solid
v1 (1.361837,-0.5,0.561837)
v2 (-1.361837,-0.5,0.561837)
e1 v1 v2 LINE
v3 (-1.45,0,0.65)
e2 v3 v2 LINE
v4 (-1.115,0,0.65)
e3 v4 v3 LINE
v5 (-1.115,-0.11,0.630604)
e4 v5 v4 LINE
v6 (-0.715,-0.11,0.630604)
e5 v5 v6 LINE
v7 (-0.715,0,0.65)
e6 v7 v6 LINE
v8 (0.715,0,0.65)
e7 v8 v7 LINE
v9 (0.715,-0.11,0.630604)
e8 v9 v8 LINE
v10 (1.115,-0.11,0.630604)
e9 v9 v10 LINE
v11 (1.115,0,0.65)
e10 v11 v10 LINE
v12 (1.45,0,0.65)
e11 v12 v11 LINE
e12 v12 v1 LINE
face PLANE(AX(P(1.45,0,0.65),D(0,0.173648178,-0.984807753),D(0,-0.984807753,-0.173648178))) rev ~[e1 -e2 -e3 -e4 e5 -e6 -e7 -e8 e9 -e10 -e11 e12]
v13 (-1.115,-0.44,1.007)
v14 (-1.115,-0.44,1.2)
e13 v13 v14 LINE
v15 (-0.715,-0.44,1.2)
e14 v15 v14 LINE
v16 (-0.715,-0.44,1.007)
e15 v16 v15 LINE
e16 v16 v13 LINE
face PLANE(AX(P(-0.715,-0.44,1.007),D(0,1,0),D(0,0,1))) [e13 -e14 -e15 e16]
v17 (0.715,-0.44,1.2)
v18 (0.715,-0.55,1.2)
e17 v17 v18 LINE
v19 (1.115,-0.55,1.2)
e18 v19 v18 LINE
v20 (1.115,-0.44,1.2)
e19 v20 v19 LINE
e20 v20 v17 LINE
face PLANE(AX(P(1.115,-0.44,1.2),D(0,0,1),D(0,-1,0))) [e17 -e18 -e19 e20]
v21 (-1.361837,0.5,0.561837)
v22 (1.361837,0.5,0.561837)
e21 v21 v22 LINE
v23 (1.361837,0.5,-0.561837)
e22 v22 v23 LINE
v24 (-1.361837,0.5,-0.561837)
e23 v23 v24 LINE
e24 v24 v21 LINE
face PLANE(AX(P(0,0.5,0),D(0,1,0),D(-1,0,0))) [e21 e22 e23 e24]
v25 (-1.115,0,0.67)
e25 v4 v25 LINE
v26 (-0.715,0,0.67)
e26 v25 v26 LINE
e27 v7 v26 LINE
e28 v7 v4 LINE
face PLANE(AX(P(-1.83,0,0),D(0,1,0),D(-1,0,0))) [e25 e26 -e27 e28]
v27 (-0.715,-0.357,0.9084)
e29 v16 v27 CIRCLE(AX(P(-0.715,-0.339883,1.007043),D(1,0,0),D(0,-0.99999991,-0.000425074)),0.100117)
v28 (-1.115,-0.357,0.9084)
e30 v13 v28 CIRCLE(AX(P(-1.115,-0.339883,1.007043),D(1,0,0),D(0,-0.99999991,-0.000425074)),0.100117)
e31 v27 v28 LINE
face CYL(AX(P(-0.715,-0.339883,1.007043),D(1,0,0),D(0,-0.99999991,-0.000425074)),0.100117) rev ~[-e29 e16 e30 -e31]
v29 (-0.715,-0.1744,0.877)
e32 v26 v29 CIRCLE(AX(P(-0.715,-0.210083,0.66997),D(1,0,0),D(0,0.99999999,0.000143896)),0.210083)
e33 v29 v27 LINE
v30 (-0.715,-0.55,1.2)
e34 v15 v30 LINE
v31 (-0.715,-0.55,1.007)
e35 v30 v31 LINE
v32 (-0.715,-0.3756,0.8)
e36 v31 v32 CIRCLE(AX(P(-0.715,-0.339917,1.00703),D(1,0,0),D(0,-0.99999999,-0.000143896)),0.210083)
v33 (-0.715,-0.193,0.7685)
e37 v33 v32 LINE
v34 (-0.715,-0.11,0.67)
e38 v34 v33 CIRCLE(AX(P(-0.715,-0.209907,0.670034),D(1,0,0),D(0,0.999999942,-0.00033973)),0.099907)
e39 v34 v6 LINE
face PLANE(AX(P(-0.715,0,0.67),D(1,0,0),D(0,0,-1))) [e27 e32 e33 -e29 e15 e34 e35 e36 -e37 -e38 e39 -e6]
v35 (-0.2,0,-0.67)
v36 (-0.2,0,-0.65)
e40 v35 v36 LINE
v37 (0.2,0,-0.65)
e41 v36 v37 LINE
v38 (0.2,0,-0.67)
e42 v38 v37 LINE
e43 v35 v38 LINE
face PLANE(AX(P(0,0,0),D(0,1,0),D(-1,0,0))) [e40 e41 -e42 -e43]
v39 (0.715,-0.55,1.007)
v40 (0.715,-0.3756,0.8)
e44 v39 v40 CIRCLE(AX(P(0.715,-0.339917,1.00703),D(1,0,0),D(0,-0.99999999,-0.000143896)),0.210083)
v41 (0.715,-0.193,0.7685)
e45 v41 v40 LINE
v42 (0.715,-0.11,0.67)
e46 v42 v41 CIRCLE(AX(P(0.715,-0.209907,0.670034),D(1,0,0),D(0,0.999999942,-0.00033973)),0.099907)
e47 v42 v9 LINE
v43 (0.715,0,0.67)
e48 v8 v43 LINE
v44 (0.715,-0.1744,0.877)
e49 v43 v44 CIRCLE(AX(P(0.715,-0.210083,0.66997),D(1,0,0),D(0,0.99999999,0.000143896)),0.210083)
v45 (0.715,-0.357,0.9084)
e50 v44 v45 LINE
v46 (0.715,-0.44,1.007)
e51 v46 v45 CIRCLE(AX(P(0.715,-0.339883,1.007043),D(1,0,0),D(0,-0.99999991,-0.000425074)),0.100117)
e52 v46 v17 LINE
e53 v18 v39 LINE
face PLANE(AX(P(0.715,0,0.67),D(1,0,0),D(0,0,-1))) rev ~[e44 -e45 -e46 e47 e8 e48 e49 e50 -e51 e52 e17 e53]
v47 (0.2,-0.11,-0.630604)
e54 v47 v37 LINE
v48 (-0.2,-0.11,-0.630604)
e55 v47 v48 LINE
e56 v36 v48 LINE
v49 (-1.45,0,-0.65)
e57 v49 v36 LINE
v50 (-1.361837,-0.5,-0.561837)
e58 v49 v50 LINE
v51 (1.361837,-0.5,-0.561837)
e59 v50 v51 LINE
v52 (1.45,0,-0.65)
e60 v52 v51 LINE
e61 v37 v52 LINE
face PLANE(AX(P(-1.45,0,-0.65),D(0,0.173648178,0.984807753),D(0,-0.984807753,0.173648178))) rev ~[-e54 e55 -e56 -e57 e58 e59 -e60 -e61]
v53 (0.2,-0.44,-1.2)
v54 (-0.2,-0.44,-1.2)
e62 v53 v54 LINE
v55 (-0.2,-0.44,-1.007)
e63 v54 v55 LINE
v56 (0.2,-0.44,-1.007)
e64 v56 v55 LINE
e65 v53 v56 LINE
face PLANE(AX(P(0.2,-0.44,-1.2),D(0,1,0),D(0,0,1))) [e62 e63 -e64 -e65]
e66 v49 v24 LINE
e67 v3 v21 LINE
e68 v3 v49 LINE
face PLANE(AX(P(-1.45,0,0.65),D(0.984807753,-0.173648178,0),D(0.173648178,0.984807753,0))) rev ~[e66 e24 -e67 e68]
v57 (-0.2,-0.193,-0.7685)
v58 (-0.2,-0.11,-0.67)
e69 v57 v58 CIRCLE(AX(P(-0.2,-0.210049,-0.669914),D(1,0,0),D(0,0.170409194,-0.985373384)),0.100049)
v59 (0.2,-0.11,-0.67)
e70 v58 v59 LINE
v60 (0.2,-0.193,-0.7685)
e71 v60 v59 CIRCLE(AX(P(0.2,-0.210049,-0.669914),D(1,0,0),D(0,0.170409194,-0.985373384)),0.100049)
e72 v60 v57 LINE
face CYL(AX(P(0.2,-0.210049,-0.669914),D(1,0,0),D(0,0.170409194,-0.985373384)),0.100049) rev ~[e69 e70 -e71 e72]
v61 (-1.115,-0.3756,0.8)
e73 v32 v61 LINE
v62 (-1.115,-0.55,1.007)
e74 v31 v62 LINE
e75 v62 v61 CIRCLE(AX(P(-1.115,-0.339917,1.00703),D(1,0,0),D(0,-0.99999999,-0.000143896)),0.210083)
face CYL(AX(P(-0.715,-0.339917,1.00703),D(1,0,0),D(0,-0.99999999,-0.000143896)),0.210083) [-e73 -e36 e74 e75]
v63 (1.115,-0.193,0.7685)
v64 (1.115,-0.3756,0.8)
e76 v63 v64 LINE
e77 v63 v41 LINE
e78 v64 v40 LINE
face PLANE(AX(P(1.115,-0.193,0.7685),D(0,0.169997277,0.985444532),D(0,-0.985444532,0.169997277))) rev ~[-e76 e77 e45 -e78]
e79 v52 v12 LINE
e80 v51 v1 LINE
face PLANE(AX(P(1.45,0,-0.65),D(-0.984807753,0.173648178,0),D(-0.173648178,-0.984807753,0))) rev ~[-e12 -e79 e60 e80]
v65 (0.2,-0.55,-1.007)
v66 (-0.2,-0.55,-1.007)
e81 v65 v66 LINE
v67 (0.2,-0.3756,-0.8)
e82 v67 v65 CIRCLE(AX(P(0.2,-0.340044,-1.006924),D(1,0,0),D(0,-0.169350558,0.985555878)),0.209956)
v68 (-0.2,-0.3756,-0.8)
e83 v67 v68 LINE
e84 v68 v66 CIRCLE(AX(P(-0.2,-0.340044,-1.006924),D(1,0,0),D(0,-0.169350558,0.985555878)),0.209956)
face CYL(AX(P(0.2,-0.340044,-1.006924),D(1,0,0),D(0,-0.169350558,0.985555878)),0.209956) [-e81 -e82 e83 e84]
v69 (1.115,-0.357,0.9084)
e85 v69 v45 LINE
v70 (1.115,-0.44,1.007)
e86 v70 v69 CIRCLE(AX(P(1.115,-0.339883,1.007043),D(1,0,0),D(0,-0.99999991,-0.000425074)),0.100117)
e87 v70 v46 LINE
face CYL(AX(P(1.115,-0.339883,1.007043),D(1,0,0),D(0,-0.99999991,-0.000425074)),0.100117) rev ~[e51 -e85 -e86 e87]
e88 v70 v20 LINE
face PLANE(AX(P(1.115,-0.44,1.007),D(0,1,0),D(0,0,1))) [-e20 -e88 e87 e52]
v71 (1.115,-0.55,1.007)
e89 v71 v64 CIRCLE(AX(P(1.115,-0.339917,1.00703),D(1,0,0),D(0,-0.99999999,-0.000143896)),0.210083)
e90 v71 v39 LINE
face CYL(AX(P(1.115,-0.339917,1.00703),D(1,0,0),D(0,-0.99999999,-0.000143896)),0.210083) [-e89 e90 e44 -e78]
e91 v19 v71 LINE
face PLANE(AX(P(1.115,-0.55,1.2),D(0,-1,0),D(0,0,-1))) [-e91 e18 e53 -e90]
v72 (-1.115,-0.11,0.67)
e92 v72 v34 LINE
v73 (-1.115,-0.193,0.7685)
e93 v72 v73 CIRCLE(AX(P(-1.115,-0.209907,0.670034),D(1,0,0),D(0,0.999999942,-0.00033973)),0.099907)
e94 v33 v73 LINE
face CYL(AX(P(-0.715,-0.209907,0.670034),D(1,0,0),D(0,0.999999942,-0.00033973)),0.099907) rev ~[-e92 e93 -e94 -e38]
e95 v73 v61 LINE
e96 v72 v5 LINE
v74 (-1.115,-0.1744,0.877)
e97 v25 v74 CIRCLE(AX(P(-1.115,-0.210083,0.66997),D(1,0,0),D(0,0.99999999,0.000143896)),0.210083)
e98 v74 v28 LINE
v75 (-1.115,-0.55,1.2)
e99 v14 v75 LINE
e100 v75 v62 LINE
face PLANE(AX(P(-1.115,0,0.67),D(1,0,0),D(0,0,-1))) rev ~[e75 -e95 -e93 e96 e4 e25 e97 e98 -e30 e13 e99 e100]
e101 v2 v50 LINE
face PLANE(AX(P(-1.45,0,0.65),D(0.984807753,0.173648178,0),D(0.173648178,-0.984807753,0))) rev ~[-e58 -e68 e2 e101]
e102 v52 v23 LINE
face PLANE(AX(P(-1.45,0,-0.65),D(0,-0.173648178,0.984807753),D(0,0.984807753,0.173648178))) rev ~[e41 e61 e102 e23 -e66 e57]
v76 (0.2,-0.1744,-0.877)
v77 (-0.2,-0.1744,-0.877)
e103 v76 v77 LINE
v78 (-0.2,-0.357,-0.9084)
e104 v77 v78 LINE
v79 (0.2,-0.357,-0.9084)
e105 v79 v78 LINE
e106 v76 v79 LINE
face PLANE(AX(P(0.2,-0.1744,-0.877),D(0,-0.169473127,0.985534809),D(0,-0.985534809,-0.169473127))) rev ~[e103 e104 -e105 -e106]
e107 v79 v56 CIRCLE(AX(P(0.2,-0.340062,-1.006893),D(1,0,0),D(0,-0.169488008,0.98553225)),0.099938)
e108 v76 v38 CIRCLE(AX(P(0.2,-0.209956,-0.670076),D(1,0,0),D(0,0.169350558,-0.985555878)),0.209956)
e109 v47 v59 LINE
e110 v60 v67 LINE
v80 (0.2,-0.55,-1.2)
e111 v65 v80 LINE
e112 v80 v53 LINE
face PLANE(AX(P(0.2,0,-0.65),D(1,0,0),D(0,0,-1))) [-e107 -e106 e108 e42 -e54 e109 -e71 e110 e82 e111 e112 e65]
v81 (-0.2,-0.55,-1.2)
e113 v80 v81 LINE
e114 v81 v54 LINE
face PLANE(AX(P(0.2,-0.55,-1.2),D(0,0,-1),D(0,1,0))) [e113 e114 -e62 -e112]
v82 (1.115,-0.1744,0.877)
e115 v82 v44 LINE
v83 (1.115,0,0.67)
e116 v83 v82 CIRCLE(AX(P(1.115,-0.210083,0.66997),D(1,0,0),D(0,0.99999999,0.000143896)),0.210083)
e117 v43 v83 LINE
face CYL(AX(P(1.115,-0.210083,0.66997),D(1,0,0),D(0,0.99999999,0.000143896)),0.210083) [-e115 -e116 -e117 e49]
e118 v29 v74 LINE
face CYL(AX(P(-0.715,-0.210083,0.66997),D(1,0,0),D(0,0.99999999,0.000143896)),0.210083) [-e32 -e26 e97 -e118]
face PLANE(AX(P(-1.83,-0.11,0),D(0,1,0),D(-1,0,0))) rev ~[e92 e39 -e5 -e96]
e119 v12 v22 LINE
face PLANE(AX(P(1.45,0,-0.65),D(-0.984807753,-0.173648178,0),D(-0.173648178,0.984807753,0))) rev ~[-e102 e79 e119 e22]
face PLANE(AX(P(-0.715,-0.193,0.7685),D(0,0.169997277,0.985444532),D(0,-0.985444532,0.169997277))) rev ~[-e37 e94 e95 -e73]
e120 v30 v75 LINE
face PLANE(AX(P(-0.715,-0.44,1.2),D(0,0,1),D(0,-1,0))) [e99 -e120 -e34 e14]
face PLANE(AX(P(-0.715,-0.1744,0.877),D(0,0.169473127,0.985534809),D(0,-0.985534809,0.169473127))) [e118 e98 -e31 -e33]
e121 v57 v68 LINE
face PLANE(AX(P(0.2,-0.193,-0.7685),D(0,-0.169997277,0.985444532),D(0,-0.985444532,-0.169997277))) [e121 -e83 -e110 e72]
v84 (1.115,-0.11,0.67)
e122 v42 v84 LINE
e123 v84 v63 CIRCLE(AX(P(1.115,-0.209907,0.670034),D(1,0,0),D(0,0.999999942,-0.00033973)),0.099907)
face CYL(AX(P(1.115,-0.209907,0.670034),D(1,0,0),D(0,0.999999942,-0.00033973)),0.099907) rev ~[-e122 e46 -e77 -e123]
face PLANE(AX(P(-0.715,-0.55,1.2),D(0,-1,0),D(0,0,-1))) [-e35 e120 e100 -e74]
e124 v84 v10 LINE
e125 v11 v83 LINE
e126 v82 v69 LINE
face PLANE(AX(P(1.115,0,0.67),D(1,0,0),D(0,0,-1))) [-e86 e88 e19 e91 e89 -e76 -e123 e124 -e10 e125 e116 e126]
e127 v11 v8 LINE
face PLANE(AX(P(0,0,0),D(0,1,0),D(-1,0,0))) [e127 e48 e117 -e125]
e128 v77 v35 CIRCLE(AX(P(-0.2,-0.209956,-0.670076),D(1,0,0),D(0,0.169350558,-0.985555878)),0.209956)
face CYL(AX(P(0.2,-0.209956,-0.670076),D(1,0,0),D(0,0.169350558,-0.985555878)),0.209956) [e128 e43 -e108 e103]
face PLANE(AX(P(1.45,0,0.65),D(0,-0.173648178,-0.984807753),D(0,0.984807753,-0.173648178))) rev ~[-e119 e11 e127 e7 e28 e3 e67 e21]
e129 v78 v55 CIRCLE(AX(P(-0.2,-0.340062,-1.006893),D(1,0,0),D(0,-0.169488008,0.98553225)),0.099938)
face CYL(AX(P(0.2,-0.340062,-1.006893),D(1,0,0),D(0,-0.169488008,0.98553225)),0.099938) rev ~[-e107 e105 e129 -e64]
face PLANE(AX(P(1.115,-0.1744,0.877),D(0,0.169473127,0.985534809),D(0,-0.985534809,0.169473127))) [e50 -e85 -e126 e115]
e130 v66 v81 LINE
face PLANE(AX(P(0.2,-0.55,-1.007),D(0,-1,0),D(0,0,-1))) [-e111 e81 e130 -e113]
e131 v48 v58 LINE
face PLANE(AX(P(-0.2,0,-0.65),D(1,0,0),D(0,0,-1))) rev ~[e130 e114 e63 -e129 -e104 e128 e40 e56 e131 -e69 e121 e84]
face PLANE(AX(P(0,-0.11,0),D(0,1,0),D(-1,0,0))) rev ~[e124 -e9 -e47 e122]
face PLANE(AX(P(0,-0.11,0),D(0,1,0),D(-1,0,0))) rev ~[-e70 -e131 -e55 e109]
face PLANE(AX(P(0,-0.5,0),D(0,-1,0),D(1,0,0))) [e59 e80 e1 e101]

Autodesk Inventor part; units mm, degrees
ref_plane "YZ Plane" through (0, 0, 0) normal (1, 0, 0) x (0, 1, 0)
ref_plane "XZ Plane" through (0, 0, 0) normal (0, 1, 0) x (-1, 0, 0)
ref_plane "XY Plane" through (0, 0, 0) normal (0, 0, 1) x (1, 0, 0)
sketch "Sketch1" plane through (0, 0, 0) normal (0, 1, 0) x (-1, 0, 0)
  line L0 (-1.45, 0.65) -> (1.45, 0.65)
  line L1 (1.45, 0.65) -> (1.45, -0.65)
  line L2 (1.45, -0.65) -> (-1.45, -0.65)
  line L3 (-1.45, -0.65) -> (-1.45, 0.65)
  line L4 (-1.45, 0.65) -> (1.45, -0.65) construction
  line L5 (1.45, 0.65) -> (-1.45, -0.65) construction
  point P0 (0, 0)
  dimension "d0" = 2.9
  dimension "d1" = 1.3
extrude "Extrusion1" add sketch "Sketch1" along normal blind 0.5 draft -10
sketch "Sketch2" plane through (0, 0, 0) normal (0, -1, 0) x (1, 0, 0)
  line L0 (1.45, 0.65) -> (-1.45, 0.65) projected
  line L1 (-1.45, 0.65) -> (-1.45, -0.65) projected
  line L2 (-1.45, -0.65) -> (1.45, -0.65) projected
  line L3 (1.45, -0.65) -> (1.45, 0.65) projected
  point P0 (0, 0)
extrude "Extrusion2" add sketch "Sketch2" along normal blind 0.5 draft -10
sketch "Sketch3" plane through (0, 0, 0) normal (0, 1, 0) x (-1, 0, 0)
  line L0 (-1.45, 0.65) -> (1.45, 0.65) projected
  line L1 (1.45, 0.65) -> (1.45, -0.65) projected
  line L2 (1.45, -0.65) -> (-1.45, -0.65) projected
  line L3 (-1.45, -0.65) -> (-1.45, 0.65) projected
  line L4 (-1.115, 0.65) -> (-0.715, 0.65)
  line L5 (-0.715, 0.65) -> (-0.715, 0.67)
  line L6 (-0.715, 0.67) -> (-1.115, 0.67)
  line L7 (-1.115, 0.67) -> (-1.115, 0.65)
  line L8 (-0.2, -0.65) -> (0.2, -0.65)
  line L9 (0.2, -0.65) -> (0.2, -0.67)
  line L10 (0.2, -0.67) -> (-0.2, -0.67)
  line L11 (-0.2, -0.67) -> (-0.2, -0.65)
  line L12 (-0.715, 0.65) -> (-1.115, 0.65)
  line L13 (-1.115, 0.65) -> (-1.115, 0)
  line L14 (-1.115, 0) -> (-0.715, 0)
  line L15 (-0.715, 0) -> (-0.715, 0.65)
  line L16 (-0.2, -0.65) -> (0.2, -0.65)
  line L17 (0.2, -0.65) -> (0.2, 0)
  line L18 (0.2, 0) -> (-0.2, 0)
  line L19 (-0.2, 0) -> (-0.2, -0.65)
  point P0 (0, 0)
  point P1 (0, -0.67)
  point P2 (-0.915, 0.67)
  point P3 (0, 0)
  dimension "d6" = 0.4
  dimension "d7" = 0.02
  dimension "d8" = 0.915
  dimension "d9" = 0
extrude "Extrusion3" add sketch "Sketch3" against normal blind 0.11 contours L7 L6 L5 L0 | L0 L15 L14 L13
sketch "Sketch4" plane through (1.115, 0, 0.67) normal (1, 0, 0) x (0, 0, -1)
  line L0 (0.02, 0) -> (0.0394, -0.11) projected
  line L1 (0, 0) -> (0.02, 0) projected
  line L2 (0, 0) -> (0, -0.11) projected
  line L3 (0.0394, -0.11) -> (0, -0.11) projected
  line L4 (0, -0.11) -> (0.0394, -0.11) projected
  arc A0 (0, -0.11) -> (-0.0985, -0.193) centre (0, -0.21) ccw
  arc A1 (0, 0) -> (-0.207, -0.1744) centre (0, -0.21) ccw
  arc A2 (-0.337, -0.44) -> (-0.2384, -0.357) centre (-0.337, -0.34) ccw
  arc A3 (-0.337, -0.55) -> (-0.13, -0.3756) centre (-0.337, -0.34) ccw
  line L5 (-0.0985, -0.193) -> (-0.13, -0.3756)
  line L6 (-0.207, -0.1744) -> (-0.2384, -0.357)
  line L7 (-0.337, -0.44) -> (-0.53, -0.44)
  line L8 (-0.53, -0.44) -> (-0.53, -0.55)
  line L9 (-0.53, -0.55) -> (-0.337, -0.55)
  line L10 (0.0394, -0.11) -> (0, -0.11) projected
  line L11 (0, 0) -> (0.02, 0) projected
  line L12 (0, 0) -> (0, -0.11) projected
  line L13 (1.2318, -0.5) -> (0.1082, -0.5) projected
  point P0 (0.67, 0)
  dimension "d12" = 1.2
  dimension "d13" = 0.05
  dimension "d14" = 0.1
  dimension "d15" = 0.4
extrude "Extrusion4" add sketch "Sketch4" against normal up to surface (0.4 mm away) contours L2 A0 L5 A3 L9 L8 L7 A2 L6 A1
extrude "Extrusion5" add sketch "Sketch3" against normal blind 0.11 contours L19 L18 L17 L2 | L2 L9 L10 L11
sketch "Sketch5" plane through (0.2, 0, -0.65) normal (1, 0, 0) x (0, 0, -1)
  line L0 (-1.3, 0) -> (-1.2806, -0.11) projected
  line L1 (-1.32, 0) -> (-1.3, 0) projected
  arc A0 (-1.32, 0) -> (-1.527, -0.1744) centre (-1.32, -0.21) ccw projected
  line L2 (-1.527, -0.1744) -> (-1.5584, -0.357) projected
  arc A1 (-1.657, -0.44) -> (-1.5584, -0.357) centre (-1.657, -0.34) ccw projected
  line L3 (-1.657, -0.44) -> (-1.85, -0.44) projected
  line L4 (-1.85, -0.44) -> (-1.85, -0.55) projected
  line L5 (-1.85, -0.55) -> (-1.657, -0.55) projected
  arc A2 (-1.657, -0.55) -> (-1.45, -0.3756) centre (-1.657, -0.34) ccw projected
  line L6 (-1.45, -0.3756) -> (-1.4185, -0.193) projected
  arc A3 (-1.32, -0.11) -> (-1.4185, -0.193) centre (-1.32, -0.21) ccw projected
  line L7 (-1.2806, -0.11) -> (-1.32, -0.11) projected
  line L8 (-0.0194, -0.11) -> (0, 0) projected
  line L9 (0.02, -0.11) -> (-0.0194, -0.11) projected
  line L10 (0.02, 0) -> (0.02, -0.11) projected
  line L11 (0, 0) -> (0.02, 0) projected
  arc A4 (0.1185, -0.193) -> (0.02, -0.11) centre (0.02, -0.21) ccw
  line L12 (0.02, 0) -> (0, 0) projected
  arc A5 (0.227, -0.1744) -> (0.02, 0) centre (0.02, -0.21) ccw
  arc A6 (0.2584, -0.357) -> (0.357, -0.44) centre (0.357, -0.34) ccw
  arc A7 (0.15, -0.3756) -> (0.357, -0.55) centre (0.357, -0.34) ccw
  line L13 (0.357, -0.55) -> (0.55, -0.55)
  line L14 (0.55, -0.55) -> (0.55, -0.44)
  line L15 (0.55, -0.44) -> (0.357, -0.44)
  line L16 (0.227, -0.1744) -> (0.2584, -0.357)
  line L17 (0.1185, -0.193) -> (0.15, -0.3756)
  point P0 (-0.65, 0)
extrude "Extrusion6" add sketch "Sketch5" against normal up to surface (0.4 mm away) contours L10 A5 L16 A6 L15 L14 L13 A7 L17 A4
pattern_linear "Rectangular Pattern1" count 2 spacing 1.83 along (-1, 0, 0) of "Extrusion3", "Extrusion4"
properties part number "Semiconductor_SOT23-3" material "ABS Plastic"
